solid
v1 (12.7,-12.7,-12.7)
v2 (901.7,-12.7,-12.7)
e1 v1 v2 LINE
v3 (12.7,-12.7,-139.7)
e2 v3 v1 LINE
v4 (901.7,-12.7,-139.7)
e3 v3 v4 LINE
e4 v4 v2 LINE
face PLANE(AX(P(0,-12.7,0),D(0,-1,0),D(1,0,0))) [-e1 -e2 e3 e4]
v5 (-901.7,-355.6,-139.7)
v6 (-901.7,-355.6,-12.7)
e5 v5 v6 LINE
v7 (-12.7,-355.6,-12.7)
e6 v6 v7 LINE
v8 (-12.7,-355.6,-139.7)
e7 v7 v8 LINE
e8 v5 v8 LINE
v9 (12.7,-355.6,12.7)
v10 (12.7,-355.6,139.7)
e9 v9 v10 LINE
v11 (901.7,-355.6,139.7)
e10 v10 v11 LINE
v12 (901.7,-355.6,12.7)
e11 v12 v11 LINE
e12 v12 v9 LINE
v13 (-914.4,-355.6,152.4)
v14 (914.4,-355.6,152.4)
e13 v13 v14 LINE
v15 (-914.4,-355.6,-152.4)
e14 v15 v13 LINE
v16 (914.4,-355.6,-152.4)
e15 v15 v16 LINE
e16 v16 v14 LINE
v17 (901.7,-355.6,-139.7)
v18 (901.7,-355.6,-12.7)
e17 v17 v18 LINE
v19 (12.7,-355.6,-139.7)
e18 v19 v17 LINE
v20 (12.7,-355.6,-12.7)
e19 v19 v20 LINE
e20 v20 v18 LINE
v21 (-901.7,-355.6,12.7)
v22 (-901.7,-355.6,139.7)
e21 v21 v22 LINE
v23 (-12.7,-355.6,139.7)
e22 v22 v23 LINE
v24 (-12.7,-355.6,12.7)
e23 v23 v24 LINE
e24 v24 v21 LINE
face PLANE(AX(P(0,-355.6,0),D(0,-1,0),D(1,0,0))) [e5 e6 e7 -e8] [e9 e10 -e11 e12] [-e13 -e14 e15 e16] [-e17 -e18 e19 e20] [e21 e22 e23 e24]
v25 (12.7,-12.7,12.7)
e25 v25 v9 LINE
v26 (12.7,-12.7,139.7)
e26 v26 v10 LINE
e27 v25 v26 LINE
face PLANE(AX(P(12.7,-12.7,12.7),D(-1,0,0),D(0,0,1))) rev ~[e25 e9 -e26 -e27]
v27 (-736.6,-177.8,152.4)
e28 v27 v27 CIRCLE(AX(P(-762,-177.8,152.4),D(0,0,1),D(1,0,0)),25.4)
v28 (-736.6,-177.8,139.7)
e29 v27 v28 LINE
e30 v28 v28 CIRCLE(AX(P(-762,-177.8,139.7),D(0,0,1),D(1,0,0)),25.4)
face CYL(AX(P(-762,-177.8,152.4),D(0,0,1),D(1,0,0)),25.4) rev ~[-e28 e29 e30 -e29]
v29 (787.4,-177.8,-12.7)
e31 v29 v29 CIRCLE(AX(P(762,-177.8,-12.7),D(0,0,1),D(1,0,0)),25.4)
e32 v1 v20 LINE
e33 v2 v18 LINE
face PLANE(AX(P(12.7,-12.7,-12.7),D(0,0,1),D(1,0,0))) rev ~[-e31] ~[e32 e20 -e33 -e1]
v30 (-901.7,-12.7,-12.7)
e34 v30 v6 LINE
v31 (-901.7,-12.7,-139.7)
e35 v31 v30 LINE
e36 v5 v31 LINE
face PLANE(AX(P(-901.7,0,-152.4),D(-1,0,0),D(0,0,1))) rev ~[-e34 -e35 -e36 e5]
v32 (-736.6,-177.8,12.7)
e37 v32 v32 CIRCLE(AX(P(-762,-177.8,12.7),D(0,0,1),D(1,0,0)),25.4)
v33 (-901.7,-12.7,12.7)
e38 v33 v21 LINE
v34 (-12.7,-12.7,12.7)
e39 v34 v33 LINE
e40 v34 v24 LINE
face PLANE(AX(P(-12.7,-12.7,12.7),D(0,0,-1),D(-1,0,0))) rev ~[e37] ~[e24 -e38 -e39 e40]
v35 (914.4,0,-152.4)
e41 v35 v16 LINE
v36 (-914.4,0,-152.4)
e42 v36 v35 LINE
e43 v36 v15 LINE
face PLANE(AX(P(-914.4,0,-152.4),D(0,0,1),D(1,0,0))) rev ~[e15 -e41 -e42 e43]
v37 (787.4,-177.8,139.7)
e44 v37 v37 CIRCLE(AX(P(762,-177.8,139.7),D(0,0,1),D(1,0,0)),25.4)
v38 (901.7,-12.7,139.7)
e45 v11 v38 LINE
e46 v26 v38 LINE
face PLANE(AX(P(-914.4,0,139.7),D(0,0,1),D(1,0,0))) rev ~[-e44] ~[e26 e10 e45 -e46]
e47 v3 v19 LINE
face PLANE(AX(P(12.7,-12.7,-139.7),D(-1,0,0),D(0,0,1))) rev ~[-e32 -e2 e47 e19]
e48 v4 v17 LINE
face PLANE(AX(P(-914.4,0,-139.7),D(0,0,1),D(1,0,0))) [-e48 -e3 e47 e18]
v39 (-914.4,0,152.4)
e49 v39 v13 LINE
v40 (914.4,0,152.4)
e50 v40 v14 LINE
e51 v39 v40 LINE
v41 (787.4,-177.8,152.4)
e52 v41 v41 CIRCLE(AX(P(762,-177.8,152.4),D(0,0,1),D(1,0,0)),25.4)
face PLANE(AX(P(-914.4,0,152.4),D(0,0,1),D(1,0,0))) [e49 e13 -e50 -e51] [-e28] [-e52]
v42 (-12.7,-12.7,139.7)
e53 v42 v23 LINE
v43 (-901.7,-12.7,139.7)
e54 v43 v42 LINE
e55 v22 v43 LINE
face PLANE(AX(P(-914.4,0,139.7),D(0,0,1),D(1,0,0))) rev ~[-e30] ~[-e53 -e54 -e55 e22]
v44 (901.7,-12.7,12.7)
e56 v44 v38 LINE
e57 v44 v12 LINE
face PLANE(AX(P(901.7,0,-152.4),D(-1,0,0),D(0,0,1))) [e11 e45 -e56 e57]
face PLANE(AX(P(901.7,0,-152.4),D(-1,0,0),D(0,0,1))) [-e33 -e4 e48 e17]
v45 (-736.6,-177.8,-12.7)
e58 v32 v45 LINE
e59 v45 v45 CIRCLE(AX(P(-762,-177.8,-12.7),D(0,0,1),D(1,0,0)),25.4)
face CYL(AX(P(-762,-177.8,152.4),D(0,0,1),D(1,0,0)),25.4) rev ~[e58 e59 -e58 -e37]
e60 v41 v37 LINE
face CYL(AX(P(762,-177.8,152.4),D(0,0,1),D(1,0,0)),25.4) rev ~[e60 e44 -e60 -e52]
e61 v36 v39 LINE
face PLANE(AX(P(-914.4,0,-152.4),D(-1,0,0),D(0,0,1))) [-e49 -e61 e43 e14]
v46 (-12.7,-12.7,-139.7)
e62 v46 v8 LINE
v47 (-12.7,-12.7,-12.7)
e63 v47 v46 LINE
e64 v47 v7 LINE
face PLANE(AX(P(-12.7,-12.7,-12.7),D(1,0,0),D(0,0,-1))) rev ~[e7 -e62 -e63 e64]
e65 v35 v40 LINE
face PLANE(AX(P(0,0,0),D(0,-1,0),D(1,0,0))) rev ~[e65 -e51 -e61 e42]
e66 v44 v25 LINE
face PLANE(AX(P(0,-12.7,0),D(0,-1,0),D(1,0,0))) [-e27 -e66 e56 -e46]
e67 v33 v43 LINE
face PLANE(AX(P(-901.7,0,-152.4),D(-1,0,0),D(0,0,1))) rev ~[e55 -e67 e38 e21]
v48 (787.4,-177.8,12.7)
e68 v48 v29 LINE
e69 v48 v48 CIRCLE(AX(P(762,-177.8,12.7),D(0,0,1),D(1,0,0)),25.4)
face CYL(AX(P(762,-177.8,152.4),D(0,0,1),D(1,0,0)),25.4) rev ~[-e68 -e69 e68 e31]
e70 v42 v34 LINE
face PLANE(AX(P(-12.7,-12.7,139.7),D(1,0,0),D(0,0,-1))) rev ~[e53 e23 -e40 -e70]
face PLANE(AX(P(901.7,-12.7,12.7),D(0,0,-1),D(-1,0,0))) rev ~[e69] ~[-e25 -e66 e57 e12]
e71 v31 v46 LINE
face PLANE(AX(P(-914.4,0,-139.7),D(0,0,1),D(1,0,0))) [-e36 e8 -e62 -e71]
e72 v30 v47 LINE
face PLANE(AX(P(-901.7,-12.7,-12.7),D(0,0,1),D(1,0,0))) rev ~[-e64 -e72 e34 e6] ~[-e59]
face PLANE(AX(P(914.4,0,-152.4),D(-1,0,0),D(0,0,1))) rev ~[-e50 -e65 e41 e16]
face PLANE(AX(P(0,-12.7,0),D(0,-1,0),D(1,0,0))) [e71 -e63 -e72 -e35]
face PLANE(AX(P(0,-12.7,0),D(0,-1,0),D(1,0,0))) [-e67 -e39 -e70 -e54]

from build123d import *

# Parameters (mm, degrees)
F0_W     = 1828.8
F0_H     = 304.8
F1_DEPTH = 355.6
F2_T     = -12.7
F4_DEPTH = 342.9
F5_R     = 25.4
F6_DEPTH = 190.5


with BuildPart() as f1:
    # F0 (on Front) → F1 (new body)
    with BuildSketch(Plane.XZ):
        Rectangle(F0_W, F0_H)
    extrude(amount=F1_DEPTH)

    # F2
    f2_openings = [f1.faces().sort_by_distance(p)[0] for p in [
        (0, -355.6, 0),
    ]]
    offset(amount=F2_T, openings=f2_openings)

    # F3 (on face) → F4 (join)
    with BuildSketch(Plane.XZ.offset(12.7)):
        Polygon((12.7, 12.7), (12.7, 139.7), (-12.7, 139.7), (-12.7, 12.7), (-901.7, 12.7), (-901.7, -12.7), (-12.7, -12.7), (-12.7, -139.7), (12.7, -139.7), (12.7, -12.7), (901.7, -12.7), (901.7, 12.7), align=None)
    extrude(amount=F4_DEPTH)

    # F5 (on face) → F6 (cut)
    with BuildSketch(Plane.XY.offset(152.4)):
        with Locations((-762, -177.8)):
            Circle(F5_R)
        with Locations((762, -177.8)):
            Circle(F5_R)
    extrude(amount=-F6_DEPTH, mode=Mode.SUBTRACT)


solid = f1.part
